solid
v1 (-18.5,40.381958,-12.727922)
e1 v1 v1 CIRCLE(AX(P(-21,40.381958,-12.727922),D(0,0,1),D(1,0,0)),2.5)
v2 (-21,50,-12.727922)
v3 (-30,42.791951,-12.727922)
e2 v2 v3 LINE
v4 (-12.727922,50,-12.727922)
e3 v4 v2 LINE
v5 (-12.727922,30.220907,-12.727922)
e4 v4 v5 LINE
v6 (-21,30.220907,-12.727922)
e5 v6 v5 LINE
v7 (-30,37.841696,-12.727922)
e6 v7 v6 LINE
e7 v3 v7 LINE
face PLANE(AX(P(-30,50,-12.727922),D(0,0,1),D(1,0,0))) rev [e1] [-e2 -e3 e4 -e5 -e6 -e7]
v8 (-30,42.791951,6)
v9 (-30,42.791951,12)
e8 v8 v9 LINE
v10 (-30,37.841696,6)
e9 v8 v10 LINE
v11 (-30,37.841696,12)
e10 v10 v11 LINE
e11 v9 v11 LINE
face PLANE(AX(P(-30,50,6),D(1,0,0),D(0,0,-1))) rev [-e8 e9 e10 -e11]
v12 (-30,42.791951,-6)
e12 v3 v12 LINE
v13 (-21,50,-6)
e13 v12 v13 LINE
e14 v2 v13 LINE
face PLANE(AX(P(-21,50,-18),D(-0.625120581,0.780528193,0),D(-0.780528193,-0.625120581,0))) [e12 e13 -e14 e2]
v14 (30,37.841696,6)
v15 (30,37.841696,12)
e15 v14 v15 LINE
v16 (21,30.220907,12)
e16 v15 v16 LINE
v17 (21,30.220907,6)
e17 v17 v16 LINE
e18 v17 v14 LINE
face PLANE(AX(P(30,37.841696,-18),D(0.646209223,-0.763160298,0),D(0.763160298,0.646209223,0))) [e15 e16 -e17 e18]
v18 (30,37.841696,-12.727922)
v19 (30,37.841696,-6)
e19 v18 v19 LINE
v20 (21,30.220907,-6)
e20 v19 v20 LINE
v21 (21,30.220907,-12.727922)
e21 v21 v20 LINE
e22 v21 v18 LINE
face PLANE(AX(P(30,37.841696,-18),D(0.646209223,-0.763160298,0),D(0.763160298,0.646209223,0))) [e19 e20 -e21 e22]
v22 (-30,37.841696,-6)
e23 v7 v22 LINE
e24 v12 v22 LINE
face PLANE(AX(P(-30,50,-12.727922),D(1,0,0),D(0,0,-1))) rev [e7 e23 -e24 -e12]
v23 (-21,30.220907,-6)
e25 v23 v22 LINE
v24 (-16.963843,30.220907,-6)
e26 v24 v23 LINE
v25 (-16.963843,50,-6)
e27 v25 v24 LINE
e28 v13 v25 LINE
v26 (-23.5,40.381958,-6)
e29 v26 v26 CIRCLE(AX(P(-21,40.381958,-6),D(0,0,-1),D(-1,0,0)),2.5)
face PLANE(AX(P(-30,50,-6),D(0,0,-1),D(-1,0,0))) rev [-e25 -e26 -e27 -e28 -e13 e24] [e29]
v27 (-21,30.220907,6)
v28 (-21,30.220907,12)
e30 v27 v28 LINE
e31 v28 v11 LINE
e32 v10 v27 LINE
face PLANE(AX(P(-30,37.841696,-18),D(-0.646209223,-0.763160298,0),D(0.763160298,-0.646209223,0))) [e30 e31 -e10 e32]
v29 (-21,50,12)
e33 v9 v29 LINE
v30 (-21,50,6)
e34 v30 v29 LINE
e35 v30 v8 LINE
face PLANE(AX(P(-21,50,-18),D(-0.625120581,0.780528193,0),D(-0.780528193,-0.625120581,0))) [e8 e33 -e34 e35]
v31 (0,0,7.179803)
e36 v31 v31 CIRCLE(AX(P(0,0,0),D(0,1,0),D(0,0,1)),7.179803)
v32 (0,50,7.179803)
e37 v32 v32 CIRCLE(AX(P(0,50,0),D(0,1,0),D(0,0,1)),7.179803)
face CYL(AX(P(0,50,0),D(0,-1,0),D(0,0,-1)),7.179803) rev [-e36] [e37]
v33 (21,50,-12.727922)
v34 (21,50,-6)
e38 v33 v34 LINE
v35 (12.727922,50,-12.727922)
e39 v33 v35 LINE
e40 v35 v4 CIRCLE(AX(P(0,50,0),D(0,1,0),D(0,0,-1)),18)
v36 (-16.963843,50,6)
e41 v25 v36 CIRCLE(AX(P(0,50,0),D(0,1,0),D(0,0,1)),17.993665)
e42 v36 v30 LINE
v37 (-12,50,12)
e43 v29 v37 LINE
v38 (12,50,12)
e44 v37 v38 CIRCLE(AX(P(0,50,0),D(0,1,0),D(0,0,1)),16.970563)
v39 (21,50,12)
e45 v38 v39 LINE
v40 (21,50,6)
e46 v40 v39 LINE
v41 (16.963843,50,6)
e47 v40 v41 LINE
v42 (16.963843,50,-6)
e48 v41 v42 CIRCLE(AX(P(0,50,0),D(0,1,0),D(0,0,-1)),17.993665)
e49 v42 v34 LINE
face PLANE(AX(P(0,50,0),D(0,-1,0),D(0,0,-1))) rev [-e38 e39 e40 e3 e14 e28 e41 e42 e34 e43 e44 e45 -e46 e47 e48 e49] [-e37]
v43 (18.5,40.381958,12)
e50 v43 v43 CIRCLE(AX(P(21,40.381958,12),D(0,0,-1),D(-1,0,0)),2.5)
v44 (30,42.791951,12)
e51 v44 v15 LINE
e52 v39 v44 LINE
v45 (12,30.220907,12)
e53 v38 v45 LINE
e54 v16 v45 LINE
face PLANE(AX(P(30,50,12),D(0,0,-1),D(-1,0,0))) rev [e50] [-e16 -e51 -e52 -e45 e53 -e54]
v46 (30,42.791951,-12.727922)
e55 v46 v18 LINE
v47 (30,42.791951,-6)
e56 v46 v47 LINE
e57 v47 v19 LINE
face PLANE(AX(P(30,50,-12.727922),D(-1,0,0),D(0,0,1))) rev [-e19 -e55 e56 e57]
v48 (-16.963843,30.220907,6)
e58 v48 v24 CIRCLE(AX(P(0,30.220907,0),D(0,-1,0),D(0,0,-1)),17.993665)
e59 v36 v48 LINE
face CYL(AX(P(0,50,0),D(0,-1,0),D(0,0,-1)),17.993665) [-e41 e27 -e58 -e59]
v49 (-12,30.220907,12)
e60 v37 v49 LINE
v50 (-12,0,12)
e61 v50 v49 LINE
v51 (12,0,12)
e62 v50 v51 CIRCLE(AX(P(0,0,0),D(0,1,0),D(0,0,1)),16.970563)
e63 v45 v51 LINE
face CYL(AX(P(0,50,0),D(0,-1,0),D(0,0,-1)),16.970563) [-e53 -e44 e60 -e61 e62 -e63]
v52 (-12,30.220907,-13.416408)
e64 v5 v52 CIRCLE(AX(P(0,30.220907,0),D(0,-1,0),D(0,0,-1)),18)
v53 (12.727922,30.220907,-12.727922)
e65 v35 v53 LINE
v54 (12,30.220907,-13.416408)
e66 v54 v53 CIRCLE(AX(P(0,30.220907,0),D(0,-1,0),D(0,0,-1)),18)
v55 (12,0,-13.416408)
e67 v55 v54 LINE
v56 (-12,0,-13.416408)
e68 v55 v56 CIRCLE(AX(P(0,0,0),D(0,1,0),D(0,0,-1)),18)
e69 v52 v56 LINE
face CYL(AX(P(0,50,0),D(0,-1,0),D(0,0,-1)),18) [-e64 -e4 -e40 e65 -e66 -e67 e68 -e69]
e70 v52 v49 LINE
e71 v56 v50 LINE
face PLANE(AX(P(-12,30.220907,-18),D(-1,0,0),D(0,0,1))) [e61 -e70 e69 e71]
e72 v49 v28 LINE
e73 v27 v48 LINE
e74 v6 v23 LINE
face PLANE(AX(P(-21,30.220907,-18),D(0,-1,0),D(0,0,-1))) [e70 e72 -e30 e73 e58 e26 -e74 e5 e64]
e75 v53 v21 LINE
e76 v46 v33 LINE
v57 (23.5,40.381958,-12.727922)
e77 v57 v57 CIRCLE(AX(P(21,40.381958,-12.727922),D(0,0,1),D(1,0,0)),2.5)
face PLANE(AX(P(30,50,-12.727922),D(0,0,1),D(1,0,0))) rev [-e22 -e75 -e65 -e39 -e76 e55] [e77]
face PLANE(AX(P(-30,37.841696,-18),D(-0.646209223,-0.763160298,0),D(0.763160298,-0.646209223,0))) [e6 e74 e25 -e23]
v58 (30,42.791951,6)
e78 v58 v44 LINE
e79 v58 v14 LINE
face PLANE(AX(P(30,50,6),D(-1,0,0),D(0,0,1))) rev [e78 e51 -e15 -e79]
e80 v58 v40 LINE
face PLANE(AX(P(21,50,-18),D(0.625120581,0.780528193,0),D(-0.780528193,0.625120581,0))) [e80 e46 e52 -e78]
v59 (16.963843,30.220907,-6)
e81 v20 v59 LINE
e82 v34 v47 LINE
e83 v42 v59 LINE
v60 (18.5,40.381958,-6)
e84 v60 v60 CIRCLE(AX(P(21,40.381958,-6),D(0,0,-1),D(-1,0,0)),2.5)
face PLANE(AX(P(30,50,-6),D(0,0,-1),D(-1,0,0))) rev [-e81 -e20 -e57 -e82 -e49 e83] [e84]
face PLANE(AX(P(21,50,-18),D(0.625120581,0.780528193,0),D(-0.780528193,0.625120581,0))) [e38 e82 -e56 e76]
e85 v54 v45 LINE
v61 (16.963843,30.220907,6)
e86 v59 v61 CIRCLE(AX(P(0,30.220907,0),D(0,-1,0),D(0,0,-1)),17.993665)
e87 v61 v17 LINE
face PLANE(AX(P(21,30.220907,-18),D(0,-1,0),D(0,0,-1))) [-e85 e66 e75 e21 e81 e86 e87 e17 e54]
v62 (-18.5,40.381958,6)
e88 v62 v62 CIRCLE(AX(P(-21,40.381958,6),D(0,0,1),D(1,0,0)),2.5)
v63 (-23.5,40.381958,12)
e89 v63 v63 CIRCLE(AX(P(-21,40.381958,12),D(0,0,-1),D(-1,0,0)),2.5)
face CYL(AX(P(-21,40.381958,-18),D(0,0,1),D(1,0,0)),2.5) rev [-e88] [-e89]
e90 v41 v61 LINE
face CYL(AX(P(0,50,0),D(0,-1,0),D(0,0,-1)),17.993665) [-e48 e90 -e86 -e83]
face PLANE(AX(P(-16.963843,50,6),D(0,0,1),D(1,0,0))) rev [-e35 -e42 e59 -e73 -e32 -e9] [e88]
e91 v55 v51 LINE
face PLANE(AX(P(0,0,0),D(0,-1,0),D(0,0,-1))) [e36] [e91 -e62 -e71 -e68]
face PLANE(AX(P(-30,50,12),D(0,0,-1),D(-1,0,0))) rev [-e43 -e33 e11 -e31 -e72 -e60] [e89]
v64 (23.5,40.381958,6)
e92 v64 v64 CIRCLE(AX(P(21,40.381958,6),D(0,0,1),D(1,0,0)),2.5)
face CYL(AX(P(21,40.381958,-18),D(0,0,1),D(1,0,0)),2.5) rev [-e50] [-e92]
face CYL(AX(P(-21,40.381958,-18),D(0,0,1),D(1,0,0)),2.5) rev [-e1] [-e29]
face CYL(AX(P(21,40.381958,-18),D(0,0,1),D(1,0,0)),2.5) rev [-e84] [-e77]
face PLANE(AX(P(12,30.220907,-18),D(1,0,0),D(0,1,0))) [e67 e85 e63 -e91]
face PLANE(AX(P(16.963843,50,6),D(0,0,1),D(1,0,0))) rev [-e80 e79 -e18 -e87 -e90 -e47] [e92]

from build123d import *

# Parameters (mm, degrees)
SKETCH_1_R               = 7.179803271
EXTRUDE_1_DEPTH          = 50
SKETCH_3_OUTSIDE_W       = 79.114
SKETCH_3_OUTSIDE_H       = 69.114
SKETCH_3_OUTSIDE_R       = 2.5
CUT_EXTRUDE_1_DEPTH      = 17.970562748
CUT_EXTRUDE_1_DEPTH_BACK = 19


with BuildPart() as part:
    # Эскиз1 → Бобышка-Вытянуть1 (new body)
    with BuildSketch(Plane(origin=(0, 0, 0), x_dir=(1, 0, 0), z_dir=(0, 1, 0))):
        with BuildLine():
            Line((-30, 12.727922061), (-30, 6))
            Line((-30, 6), (-16.963843494, 6))
            ThreePointArc((-16.963843494, 6), (-17.993665165, 0), (-16.963843494, -6))
            Line((-16.963843494, -6), (-30, -6))
            Line((-30, -6), (-30, -12))
            Line((-30, -12), (-12, -12))
            ThreePointArc((-12, -12), (0, -16.970562748), (12, -12))
            Line((12, -12), (30, -12))
            Line((30, -12), (30, -6))
            Line((30, -6), (16.963843494, -6))
            ThreePointArc((16.963843494, -6), (17.993665165, 0), (16.963843494, 6))
            Line((16.963843494, 6), (30, 6))
            Line((30, 6), (30, 12.727922061))
            Line((30, 12.727922061), (12.727922061, 12.727922061))
            ThreePointArc((12.727922061, 12.727922061), (0, 18), (-12.727922061, 12.727922061))
            Line((-12.727922061, 12.727922061), (-30, 12.727922061))
        make_face()
        Circle(SKETCH_1_R, mode=Mode.SUBTRACT)
    extrude(amount=EXTRUDE_1_DEPTH)

    # Эскиз3 outside → Вырез-Вытянуть1 (cut, two sides)
    with BuildSketch(Plane.XY) as cut_extrude_1_sk:
        with Locations((0, 25)):
            Rectangle(SKETCH_3_OUTSIDE_W, SKETCH_3_OUTSIDE_H)
        Polygon((21, 50), (-21, 50), (-30, 42.791951294), (-30, 37.841695699), (-21, 30.220907479), (-12, 30.220907479), (-12, 0), (12, 0), (12, 30.220907479), (21, 30.220907479), (30, 37.841695699), (30, 42.791951294), align=None, mode=Mode.SUBTRACT)
        with Locations((-21, 40.381958439)):
            Circle(SKETCH_3_OUTSIDE_R)
        with Locations((21, 40.381958439)):
            Circle(SKETCH_3_OUTSIDE_R)
    extrude(amount=CUT_EXTRUDE_1_DEPTH, mode=Mode.SUBTRACT)
    extrude(cut_extrude_1_sk.sketch, amount=-CUT_EXTRUDE_1_DEPTH_BACK, mode=Mode.SUBTRACT)


solid = part.part
